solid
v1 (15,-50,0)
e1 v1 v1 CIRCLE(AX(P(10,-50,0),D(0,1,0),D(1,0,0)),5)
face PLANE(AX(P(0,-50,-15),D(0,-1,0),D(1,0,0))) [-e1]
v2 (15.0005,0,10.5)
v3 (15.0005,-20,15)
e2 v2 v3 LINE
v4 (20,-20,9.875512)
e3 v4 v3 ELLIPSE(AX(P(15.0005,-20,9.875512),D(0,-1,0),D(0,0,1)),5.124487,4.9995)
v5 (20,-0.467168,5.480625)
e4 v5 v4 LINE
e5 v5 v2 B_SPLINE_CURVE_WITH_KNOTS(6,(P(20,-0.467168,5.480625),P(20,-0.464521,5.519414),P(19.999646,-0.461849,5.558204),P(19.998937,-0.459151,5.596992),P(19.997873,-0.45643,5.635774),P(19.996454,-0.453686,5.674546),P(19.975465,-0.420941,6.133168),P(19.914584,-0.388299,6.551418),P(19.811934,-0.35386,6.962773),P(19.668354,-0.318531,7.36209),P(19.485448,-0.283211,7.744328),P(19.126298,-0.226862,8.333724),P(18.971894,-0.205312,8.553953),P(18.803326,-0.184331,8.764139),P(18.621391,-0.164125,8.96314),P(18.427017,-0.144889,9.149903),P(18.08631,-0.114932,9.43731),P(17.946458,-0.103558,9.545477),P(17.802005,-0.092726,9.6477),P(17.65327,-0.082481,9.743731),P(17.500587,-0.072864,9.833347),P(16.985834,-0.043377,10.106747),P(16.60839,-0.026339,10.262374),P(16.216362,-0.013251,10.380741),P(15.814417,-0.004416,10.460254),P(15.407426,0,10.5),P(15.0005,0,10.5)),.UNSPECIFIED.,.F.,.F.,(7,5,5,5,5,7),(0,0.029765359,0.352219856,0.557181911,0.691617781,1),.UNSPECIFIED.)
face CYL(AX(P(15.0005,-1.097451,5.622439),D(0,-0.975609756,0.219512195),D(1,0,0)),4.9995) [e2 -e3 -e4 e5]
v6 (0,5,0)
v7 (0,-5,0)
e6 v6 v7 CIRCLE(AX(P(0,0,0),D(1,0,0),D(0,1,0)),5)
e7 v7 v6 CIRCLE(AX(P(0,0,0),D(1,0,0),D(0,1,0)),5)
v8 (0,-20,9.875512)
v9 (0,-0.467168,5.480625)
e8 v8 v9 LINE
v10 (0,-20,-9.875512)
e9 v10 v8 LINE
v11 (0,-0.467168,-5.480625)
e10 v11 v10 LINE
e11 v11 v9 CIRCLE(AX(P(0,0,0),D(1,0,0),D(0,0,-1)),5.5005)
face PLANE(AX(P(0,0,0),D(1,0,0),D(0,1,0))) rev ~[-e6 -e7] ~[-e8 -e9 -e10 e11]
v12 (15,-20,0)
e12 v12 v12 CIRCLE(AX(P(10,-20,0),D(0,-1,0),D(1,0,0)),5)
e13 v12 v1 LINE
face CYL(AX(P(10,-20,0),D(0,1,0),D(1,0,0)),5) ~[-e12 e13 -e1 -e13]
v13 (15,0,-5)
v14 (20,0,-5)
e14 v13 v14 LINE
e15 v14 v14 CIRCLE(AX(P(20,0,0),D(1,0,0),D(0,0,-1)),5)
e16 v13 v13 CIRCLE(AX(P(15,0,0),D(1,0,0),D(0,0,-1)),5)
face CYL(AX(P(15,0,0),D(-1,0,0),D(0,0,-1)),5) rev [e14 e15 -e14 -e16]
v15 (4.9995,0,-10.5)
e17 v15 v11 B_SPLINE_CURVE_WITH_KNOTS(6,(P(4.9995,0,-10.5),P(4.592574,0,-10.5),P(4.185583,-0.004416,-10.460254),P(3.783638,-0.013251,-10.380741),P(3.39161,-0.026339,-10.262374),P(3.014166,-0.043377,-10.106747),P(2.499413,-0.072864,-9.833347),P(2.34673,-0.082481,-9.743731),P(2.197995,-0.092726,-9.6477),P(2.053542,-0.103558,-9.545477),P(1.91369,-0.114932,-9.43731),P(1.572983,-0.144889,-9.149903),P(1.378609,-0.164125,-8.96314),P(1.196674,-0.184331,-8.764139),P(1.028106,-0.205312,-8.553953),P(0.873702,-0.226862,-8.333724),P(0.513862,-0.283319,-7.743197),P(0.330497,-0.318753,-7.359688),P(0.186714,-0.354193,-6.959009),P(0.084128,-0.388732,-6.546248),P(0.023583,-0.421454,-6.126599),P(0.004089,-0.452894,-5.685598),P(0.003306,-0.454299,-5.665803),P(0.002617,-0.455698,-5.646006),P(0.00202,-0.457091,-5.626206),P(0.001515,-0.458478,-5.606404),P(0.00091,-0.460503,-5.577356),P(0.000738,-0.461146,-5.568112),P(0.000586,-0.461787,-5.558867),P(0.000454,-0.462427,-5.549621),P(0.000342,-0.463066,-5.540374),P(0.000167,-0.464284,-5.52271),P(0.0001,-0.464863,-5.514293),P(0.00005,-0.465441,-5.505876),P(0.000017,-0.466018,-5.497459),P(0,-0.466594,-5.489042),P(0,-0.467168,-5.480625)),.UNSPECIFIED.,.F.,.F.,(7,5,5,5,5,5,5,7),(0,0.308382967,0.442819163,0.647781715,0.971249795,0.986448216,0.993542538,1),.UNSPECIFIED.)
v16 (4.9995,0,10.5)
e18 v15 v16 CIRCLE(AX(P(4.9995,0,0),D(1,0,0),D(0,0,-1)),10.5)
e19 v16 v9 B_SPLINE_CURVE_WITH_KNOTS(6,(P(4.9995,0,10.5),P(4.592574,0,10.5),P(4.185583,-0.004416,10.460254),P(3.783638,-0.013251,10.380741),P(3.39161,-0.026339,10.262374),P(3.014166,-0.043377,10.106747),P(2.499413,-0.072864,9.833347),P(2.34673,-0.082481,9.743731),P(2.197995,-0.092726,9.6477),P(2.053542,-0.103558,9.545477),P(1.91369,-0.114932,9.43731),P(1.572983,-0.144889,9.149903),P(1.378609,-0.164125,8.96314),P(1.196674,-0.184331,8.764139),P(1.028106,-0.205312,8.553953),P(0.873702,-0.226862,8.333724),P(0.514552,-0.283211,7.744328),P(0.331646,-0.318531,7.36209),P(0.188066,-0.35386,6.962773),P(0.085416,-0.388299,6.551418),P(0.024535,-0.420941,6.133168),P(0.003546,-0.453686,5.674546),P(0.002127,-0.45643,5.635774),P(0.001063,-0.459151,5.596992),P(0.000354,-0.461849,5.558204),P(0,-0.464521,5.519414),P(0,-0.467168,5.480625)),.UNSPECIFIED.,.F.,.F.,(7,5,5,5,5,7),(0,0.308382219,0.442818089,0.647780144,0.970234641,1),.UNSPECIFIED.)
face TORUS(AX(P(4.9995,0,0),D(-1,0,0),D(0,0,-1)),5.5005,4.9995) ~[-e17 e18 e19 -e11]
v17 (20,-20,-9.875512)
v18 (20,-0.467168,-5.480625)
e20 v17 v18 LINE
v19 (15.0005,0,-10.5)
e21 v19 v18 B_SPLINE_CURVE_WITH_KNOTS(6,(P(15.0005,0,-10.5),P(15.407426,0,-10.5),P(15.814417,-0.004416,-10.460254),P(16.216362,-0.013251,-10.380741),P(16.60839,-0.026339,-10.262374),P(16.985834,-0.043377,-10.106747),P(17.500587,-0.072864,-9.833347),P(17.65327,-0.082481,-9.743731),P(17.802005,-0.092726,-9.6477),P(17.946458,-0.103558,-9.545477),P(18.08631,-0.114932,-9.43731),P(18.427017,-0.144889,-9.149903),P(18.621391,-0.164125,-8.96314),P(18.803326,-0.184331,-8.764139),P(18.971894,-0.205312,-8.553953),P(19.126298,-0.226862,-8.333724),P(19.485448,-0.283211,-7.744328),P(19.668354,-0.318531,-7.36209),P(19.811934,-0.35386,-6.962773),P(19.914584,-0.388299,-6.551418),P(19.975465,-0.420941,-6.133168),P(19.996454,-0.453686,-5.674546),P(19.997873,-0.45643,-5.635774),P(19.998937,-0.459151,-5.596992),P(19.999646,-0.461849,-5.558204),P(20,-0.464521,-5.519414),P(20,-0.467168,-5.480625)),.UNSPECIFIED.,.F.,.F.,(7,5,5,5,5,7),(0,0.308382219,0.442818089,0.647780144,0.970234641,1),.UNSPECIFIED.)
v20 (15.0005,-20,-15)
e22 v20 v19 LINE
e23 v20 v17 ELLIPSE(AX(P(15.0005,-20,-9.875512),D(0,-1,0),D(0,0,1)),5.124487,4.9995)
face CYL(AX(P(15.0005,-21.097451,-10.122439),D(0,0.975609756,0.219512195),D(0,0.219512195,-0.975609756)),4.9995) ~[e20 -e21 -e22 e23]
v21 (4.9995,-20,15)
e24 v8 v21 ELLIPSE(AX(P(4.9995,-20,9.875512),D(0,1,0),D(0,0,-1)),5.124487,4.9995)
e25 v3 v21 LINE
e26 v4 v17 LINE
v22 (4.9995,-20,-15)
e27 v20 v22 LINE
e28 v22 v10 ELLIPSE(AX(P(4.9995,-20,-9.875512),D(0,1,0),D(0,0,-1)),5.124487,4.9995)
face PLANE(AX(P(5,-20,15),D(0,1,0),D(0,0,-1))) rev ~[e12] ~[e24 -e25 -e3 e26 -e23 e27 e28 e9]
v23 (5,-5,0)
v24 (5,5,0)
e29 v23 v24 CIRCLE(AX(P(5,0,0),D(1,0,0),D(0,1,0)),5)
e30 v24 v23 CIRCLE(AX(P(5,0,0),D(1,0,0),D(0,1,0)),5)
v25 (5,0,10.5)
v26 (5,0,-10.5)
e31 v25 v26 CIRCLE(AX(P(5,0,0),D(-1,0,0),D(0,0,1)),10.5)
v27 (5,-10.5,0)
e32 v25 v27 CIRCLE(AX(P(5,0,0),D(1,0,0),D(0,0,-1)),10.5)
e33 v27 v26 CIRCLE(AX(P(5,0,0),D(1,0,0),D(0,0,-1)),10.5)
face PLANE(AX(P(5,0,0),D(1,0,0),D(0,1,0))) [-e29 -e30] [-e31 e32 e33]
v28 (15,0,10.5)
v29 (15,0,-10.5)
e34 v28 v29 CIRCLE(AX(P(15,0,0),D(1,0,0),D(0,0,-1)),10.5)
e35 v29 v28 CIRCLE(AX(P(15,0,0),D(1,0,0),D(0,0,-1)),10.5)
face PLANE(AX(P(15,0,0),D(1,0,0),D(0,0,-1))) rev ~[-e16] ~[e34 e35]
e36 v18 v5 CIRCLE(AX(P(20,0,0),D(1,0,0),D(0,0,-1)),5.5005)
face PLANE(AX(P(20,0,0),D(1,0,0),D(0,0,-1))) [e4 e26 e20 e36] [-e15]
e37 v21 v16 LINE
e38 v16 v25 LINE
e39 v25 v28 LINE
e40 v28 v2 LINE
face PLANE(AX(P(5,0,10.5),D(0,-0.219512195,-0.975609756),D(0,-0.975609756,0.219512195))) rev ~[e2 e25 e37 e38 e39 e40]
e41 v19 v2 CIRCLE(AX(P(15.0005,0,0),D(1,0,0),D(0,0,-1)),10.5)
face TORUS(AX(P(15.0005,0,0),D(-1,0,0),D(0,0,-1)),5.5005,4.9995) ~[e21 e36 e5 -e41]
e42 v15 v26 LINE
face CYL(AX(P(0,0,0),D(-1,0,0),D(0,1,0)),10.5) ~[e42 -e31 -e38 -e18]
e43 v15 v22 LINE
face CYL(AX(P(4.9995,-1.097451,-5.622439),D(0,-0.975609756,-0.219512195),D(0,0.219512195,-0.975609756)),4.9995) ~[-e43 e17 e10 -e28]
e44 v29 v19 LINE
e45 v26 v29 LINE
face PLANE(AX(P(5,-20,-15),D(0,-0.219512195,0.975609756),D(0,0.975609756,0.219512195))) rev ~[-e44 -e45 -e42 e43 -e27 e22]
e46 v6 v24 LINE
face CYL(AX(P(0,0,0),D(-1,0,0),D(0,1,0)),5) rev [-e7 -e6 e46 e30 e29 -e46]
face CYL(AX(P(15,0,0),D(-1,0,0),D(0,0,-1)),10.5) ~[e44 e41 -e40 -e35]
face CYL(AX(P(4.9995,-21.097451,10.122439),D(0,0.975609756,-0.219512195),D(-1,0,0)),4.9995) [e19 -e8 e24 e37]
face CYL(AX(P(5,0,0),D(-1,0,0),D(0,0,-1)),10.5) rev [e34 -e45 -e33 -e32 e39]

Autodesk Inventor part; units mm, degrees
ref_plane "YZ Plane" through (0, 0, 0) normal (1, 0, 0) x (0, 1, 0)
ref_plane "XZ Plane" through (0, 0, 0) normal (0, 1, 0) x (-1, 0, 0)
ref_plane "XY Plane" through (0, 0, 0) normal (0, 0, 1) x (1, 0, 0)
sketch "Sketch1" plane through (0, 0, 0) normal (1, 0, 0) x (0, 1, 0)
  circle A0 centre (0, 0) radius 5
  circle A1 centre (0, 0) radius 10.5
  line L0 (0, 0) -> (-20, 0)
  line L1 (-20, 0) -> (-20, -15)
  line L2 (-20, -15) -> (-20, 15)
  line L3 (-20, 15) -> (0, 10.5)
  line L4 (0, -10.5) -> (-20, -15)
  dimension "d0" = 10
  dimension "d1" = 21
  dimension "d2" = 20
  dimension "d3" = 15
  dimension "d4" = 30
extrude "Extrusion1" add sketch "Sketch1" along normal blind 5
sketch "Sketch2" plane through (5, 0, 0) normal (1, 0, 0) x (0, 0, -1)
  arc A0 (10.5, 0) -> (-10.5, 0) centre (0, 0) ccw projected
  circle A1 centre (0, 0) radius 10.5
  line L0 (-10.5, 0) -> (-15, -20) projected
  line L1 (-10.5, 0) -> (-15, -20)
  line L2 (15, -20) -> (10.5, 0) projected
  line L3 (-15, -20) -> (15, -20)
  line L4 (15, -20) -> (10.5, 0)
  point P0 (-10.5, 0)
extrude "Extrusion2" add sketch "Sketch2" along normal blind 10 contours L2 L3 L0 A1
sketch "Sketch4" plane through (15, 0, 0) normal (1, 0, 0) x (0, 0, -1)
  circle A0 centre (0, 0) radius 5
  circle A1 centre (0, 0) radius 10.5
  line L0 (15, -20) -> (10.5, 0) projected
  line L1 (10.5, 0) -> (15, -20)
  line L2 (-15, -20) -> (15, -20) projected
  line L3 (15, -20) -> (-15, -20)
  line L4 (-10.5, 0) -> (-15, -20) projected
  line L5 (-15, -20) -> (-10.5, 0)
extrude "Extrusion3" add sketch "Sketch4" along normal blind 5
sketch "Sketch5" plane through (0, -20, -15) normal (0, -1, 0) x (1, 0, 0)
  line L0 (20, 4.5) -> (20, 25.5) projected
  line L1 (20, 15) -> (0, 15)
  circle A0 centre (10, 15) radius 5
  dimension "d11" = 10
extrude "Extrusion4" add sketch "Sketch5" along normal blind 30
fillet "Fillet1" radius 5 6 edges at (20, -10, 12.75) (20, -10, -12.75) (20, 10.5, 0) (0, 10.5, 0) (0, -10, -12.75) (0, -10, 12.75)
properties part number "wrist"
